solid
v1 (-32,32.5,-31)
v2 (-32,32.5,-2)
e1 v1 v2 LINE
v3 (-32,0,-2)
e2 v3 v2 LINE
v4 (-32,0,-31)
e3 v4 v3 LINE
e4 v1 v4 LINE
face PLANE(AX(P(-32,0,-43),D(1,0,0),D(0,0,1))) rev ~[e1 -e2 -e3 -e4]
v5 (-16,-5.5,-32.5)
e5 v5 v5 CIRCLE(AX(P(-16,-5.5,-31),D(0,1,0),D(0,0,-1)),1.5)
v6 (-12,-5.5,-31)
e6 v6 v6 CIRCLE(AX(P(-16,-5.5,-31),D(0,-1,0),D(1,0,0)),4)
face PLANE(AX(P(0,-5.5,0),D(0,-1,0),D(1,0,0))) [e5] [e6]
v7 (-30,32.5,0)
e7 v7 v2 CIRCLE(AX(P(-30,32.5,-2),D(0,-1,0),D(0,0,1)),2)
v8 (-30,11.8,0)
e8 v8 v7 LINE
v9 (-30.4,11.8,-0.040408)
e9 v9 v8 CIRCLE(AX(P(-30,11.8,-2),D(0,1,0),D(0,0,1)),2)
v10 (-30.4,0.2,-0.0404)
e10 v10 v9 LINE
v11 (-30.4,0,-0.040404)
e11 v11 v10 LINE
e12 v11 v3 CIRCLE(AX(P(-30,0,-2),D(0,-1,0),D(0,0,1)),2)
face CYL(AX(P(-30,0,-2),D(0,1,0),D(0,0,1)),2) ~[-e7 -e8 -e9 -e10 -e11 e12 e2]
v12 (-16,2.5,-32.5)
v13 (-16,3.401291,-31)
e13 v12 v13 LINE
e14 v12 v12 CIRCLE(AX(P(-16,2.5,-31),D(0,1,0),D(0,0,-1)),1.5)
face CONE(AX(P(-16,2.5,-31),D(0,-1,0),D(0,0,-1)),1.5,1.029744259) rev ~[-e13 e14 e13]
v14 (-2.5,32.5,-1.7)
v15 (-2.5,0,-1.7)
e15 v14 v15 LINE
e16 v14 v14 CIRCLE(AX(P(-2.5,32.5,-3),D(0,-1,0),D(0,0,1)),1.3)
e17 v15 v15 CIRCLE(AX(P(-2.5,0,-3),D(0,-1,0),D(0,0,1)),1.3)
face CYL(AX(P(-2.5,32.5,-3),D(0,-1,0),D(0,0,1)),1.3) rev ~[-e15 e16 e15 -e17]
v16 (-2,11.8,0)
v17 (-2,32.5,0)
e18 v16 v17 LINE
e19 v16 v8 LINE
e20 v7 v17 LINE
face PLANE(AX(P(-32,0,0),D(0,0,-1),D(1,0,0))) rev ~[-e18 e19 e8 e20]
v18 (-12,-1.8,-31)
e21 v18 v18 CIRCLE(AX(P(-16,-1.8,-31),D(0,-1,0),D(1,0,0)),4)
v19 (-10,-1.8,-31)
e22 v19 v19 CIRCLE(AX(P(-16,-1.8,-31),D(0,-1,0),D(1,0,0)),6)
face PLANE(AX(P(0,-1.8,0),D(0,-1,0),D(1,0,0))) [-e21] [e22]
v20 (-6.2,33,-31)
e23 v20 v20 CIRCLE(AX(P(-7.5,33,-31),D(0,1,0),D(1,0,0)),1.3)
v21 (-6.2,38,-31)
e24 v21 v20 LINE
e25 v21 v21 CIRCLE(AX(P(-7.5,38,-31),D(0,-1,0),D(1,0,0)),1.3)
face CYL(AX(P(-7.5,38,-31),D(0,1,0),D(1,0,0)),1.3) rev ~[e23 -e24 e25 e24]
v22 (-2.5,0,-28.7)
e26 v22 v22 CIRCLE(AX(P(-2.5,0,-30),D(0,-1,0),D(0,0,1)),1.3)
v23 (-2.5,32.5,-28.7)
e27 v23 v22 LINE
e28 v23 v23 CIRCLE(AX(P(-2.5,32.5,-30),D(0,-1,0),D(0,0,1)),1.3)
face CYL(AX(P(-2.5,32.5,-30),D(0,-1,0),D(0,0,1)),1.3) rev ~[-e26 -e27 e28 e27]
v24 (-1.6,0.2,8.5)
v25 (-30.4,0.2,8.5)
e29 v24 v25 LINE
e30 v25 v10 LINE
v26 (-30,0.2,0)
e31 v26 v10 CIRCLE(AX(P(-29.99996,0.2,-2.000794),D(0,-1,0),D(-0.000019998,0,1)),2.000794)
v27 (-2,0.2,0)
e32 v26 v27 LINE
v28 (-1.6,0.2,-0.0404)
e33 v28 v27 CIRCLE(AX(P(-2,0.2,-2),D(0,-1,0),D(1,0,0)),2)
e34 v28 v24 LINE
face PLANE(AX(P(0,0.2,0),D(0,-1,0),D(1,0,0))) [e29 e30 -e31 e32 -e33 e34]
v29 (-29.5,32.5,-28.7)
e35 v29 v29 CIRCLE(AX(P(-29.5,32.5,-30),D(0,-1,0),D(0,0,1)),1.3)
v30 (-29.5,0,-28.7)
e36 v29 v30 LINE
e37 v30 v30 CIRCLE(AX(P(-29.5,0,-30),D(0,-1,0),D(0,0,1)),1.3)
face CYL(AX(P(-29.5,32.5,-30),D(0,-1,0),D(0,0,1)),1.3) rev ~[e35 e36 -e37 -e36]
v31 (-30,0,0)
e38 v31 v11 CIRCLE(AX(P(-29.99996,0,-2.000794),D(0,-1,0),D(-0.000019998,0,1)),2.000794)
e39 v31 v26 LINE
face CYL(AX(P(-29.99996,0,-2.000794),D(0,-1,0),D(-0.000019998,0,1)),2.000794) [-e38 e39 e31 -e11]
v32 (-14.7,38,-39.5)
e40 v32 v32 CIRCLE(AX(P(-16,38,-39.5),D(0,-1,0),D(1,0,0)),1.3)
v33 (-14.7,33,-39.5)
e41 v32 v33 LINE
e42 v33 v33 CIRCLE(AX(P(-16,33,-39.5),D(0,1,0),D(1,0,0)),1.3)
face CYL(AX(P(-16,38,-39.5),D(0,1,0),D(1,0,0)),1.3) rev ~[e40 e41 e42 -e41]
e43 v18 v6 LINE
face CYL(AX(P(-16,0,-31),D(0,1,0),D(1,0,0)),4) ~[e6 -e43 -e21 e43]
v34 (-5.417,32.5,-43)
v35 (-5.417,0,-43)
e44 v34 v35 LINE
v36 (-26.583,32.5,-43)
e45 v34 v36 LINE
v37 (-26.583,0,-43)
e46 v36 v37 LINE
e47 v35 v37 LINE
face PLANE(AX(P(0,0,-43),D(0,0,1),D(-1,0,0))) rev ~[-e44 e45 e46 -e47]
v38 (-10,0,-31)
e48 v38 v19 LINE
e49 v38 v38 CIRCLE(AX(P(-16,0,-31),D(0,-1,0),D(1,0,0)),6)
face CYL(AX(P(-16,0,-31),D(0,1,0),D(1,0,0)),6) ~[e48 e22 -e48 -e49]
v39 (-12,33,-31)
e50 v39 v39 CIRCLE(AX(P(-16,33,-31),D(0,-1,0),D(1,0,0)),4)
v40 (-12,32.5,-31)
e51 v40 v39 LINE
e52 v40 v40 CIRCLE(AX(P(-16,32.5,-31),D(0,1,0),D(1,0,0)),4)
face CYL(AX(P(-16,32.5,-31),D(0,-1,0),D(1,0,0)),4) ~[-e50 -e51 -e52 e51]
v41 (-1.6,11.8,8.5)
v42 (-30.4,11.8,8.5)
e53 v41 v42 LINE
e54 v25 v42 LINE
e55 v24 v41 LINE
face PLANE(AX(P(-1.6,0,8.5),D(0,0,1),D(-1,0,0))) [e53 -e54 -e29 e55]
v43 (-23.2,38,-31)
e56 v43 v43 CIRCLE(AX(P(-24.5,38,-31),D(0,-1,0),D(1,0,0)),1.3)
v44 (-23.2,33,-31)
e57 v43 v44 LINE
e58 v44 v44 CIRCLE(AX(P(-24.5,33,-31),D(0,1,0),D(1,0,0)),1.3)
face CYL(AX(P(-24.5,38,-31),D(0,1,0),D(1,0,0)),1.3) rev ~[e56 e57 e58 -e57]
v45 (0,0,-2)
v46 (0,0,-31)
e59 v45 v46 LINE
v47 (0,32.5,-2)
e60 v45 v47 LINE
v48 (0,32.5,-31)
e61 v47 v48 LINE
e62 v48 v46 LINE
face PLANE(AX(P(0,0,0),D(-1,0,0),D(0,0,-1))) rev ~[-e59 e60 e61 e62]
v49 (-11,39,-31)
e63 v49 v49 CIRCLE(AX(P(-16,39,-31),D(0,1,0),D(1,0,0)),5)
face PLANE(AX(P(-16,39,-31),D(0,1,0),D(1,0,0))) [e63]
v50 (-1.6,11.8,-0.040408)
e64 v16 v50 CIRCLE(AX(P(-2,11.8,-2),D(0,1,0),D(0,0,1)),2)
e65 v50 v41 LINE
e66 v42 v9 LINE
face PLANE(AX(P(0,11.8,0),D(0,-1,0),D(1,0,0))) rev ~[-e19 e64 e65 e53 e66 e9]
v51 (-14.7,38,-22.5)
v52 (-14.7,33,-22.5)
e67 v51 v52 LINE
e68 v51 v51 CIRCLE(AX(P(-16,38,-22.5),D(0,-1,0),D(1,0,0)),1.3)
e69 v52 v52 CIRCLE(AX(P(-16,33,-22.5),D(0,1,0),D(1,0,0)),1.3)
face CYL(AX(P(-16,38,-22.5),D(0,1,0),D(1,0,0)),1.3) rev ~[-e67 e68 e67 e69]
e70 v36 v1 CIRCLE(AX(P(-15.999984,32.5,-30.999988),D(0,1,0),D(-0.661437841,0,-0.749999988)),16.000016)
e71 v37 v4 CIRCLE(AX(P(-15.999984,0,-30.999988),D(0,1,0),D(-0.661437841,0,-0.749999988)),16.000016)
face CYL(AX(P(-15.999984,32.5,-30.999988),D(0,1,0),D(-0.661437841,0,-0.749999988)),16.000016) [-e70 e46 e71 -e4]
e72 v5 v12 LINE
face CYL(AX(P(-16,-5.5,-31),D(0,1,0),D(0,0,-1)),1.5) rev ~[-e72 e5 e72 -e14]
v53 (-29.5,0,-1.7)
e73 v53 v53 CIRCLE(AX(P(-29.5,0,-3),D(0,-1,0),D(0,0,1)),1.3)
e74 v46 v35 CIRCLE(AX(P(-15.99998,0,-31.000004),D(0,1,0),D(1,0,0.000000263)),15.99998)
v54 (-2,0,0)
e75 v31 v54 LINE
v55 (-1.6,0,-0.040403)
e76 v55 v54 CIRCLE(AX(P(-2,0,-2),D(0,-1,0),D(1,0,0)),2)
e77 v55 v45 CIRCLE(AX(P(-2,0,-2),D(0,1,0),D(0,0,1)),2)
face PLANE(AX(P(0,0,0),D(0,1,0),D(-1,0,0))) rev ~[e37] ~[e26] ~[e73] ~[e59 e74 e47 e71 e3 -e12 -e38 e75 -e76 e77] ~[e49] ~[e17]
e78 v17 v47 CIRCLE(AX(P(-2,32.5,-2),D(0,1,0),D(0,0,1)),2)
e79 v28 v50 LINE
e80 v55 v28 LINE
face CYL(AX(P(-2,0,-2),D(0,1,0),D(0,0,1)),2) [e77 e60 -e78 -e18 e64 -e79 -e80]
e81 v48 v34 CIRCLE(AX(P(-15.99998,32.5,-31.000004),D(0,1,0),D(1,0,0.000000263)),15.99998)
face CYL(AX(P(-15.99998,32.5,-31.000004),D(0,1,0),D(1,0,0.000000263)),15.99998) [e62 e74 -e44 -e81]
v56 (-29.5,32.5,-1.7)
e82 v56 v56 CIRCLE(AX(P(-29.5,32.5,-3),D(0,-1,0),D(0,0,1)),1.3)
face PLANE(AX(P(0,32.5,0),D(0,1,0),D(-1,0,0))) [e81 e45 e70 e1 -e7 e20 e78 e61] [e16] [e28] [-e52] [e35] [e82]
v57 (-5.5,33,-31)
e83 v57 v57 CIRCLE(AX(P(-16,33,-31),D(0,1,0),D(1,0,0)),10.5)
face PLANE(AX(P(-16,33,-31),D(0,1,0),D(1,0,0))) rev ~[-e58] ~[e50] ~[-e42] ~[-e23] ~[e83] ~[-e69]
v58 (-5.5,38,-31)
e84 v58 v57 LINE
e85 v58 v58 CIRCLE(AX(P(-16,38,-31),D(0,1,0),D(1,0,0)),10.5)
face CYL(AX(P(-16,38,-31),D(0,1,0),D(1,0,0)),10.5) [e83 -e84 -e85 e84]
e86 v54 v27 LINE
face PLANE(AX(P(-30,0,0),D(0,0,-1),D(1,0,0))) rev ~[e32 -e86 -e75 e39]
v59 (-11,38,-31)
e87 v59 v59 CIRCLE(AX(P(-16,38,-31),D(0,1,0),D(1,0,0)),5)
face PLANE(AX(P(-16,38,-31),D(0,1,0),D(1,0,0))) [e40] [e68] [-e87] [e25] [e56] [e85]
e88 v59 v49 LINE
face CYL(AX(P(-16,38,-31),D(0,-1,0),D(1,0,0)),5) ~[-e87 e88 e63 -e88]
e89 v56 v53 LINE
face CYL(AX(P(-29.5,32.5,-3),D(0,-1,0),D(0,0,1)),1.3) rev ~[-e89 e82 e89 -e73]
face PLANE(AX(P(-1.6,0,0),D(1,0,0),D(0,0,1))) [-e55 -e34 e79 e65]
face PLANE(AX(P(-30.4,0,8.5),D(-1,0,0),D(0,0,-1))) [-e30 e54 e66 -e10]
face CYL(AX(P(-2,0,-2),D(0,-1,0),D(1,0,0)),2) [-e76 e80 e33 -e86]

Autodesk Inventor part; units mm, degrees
ref_plane "YZ Plane" through (0, 0, 0) normal (1, 0, 0) x (0, 1, 0)
ref_plane "XZ Plane" through (0, 0, 0) normal (0, 1, 0) x (-1, 0, 0)
ref_plane "XY Plane" through (0, 0, 0) normal (0, 0, 1) x (1, 0, 0)
sketch "スケッチ1" plane through (0, 0, 0) normal (0, 1, 0) x (-1, 0, 0)
  line L0 (0, 0) -> (0, -43)
  line L1 (0, -43) -> (32, -43)
  line L2 (32, -43) -> (32, 0)
  line L3 (32, 0) -> (0, 0)
  dimension "d0" = 43
  dimension "d1" = 32
extrude "押し出し1" add sketch "スケッチ1" along normal blind 32.5
fillet "フィレット1" radius 2 2 edges at (-32, 16.25, 0) (0, 16.25, 0)
sketch "スケッチ2" plane through (0, 32.5, 0) normal (0, 1, 0) x (1, 0, 0)
  line L0 (0, 43) -> (-32, 43) projected
  line L1 (-16, 43) -> (-16, 0)
  line L2 (-30, 0) -> (-2, 0) projected
  line L3 (-16, 21.5) -> (-16, 3)
  line L4 (-16, 3) -> (-2.5, 3)
  line L5 (0, 2) -> (0, 43) projected
  line L6 (-16, 3) -> (-29.5, 3)
  line L7 (-29.5, 3) -> (-29.5, 30)
  point P0 (0, 0)
  point P1 (-2.5, 30)
  dimension "d5" = 18.5
  dimension "d6" = 13.5
  dimension "d7" = 13.5
  dimension "d8" = 27
hole "穴1" at (-2.5, 32.5, -3) at (-29.5, 32.5, -3) at (-29.5, 32.5, -30) at (-2.5, 32.5, -30) direction (0, -1, 0) diameter 2.6 end through all
sketch "スケッチ3" plane through (0, 32.5, 0) normal (0, 1, 0) x (1, 0, 0)
  line L0 (0, 43) -> (-32, 43) projected
  line L1 (-16, 43) -> (-16, 0)
  line L2 (-16, 21.5) -> (-16, 31)
  line L3 (-32, 43) -> (-32, 2) projected
  line L4 (-32, 31) -> (-32, 43)
  line L5 (-32, 43) -> (-26.583, 43)
  line L6 (0, 2) -> (0, 43) projected
  line L7 (0, 31) -> (0, 43)
  line L8 (0, 43) -> (-5.417, 43)
  arc A0 (-26.583, 43) -> (-32, 31) centre (-16, 31) ccw
  arc A1 (0, 31) -> (-5.417, 43) centre (-16, 31) ccw
  point P0 (0, 0)
  dimension "d16" = 9.5
extrude "押し出し2" cut sketch "スケッチ3" against normal blind 32.5
sketch "スケッチ4" plane through (0, 32.5, 0) normal (0, 1, 0) x (1, 0, 0)
  arc A0 (-26.583, 43) -> (-32, 31) centre (-16, 31) ccw projected
  circle A1 centre (-16, 31) radius 4
  point P0 (0, 0)
  dimension "d20" = 8
extrude "押し出し3" add sketch "スケッチ4" along normal blind 5
sketch "スケッチ5" plane through (0, 0, 0) normal (0, -1, 0) x (1, 0, 0)
  circle A0 centre (-16, -31) radius 4 projected
  circle A1 centre (-16, -31) radius 4
  point P0 (0, 0)
extrude "押し出し4" add sketch "スケッチ5" along normal blind 5.5
sketch "スケッチ6" plane through (0, 0, 0) normal (0, -1, 0) x (1, 0, 0)
  line L0 (-30, 0) -> (-2, 0) projected
  line L1 (-16, 0) -> (-1.6, 0)
  line L2 (-1.6, 0) -> (-1.6, 8.5)
  line L3 (-1.6, 0) -> (6.9, 0) construction
  line L4 (-1.6, 8.5) -> (-30.4, 8.5)
  line L5 (-30.4, 8.5) -> (-30.4, -0.1236)
  line L6 (-30.4, -0.1236) -> (-1.6, -0.1236)
  line L7 (-1.6, -0.1236) -> (-1.6, 0)
  point P0 (0, 0)
  dimension "d25" = 14.4
  dimension "d26" = 8.5
  dimension "d27" = 90
  dimension "d28" = 28.8
extrude "押し出し5" add sketch "スケッチ6" against normal blind 11.8
sketch "スケッチ7" plane through (0, 0, 0) normal (0, -1, 0) x (1, 0, 0)
  arc A0 (0, -2) -> (-2, 0) centre (-2, -2) ccw projected
  arc A1 (-1.6, -0.0404) -> (-2, 0) centre (-2, -2) ccw
  arc A2 (-30.4, -0.0404) -> (-32, -2) centre (-30, -2) ccw projected
  arc A3 (-30, 0) -> (-30.4, -0.0404) centre (-30, -2) ccw
  line L0 (-1.6, -0.0404) -> (-1.6, 8.5)
  line L1 (-1.6, 8.5) -> (-30.4, 8.5)
  line L2 (-30.4, 8.5) -> (-1.6, 8.5) projected
  line L3 (-30.4, 8.5) -> (-30.4, -0.0404)
  line L4 (-30, 0) -> (-2, 0)
  arc A4 (-30, 0) -> (-30.4, -0.0404) centre (-30, -2) ccw projected
  point P0 (0, 0)
extrude "押し出し6" cut sketch "スケッチ7" against normal blind 0.2
thread "ねじ1" size "M2.6x0.45" class "6H" standard "ANSI Metric M Profile" full length
thread "ねじ2" size "M2.6x0.45" class "6H" standard "ANSI Metric M Profile" full length
thread "ねじ3" size "M2.6x0.45" class "6H" standard "ANSI Metric M Profile" full length
thread "ねじ4" size "M2.6x0.45" class "6H" standard "ANSI Metric M Profile" full length
sketch "スケッチ12" plane through (-16, 38, -31) normal (0, 1, 0) x (1, 0, 0)
  circle A0 centre (0, 0) radius 10.5
  point P0 (16, -31)
  dimension "d66" = 21
extrude "押し出し9" add sketch "スケッチ12" against normal blind 5
sketch "スケッチ13" plane through (-16, 38, -31) normal (0, 1, 0) x (1, 0, 0)
  circle A0 centre (0, 0) radius 5
  point P0 (16, -31)
  dimension "d69" = 10
extrude "押し出し10" add sketch "スケッチ13" along normal blind 1
sketch "スケッチ14" plane through (-16, 38, -31) normal (0, 1, 0) x (1, 0, 0)
  circle A0 centre (0, 0) radius 8.5
  circle A1 centre (0, 8.5) radius 1.3
  circle A2 centre (-8.5, 0) radius 1.3
  circle A3 centre (8.5, 0) radius 1.3
  circle A4 centre (0, -8.5) radius 1.3
  point P0 (16, -31)
  dimension "d72" = 17
  dimension "d73" = 2.6
  dimension "d74" = 2.6
  dimension "d75" = 2.6
  dimension "d76" = 2.6
extrude "押し出し11" cut sketch "スケッチ14" against normal blind 5 contours A0 A3 | A0 A3 | A1 A0 | A0 A1 | A4 A0 | A0 A4 | A2 A0 | A0 A2
thread "ねじ9" size "M2.6x0.45" class "6H" standard "ANSI Metric M Profile" full length
thread "ねじ10" size "M2.6x0.45" class "6H" standard "ANSI Metric M Profile" full length
thread "ねじ11" size "M2.6x0.45" class "6H" standard "ANSI Metric M Profile" full length
thread "ねじ12" size "M2.6x0.45" class "6H" standard "ANSI Metric M Profile" full length
sketch "スケッチ15" plane through (0, 0, 0) normal (0, -1, 0) x (1, 0, 0)
  circle A0 centre (-16, -31) radius 4 projected
  circle A1 centre (-16, -31) radius 6
  point P0 (0, 0)
  dimension "d87" = 12
extrude "押し出し12" add sketch "スケッチ15" along normal blind 1.8
sketch "スケッチ16" plane through (-16, -5.5, -31) normal (0, -1, 0) x (1, 0, 0)
  point P0 (16, 31)
  point P1 (0, 0)
hole "穴3" at (-16, -5.5, -31) direction (0, 1, 0) diameter 3 depth 8 tip angle 118
thread "ねじ13" size "M3x0.5" class "6H" standard "ANSI Metric M Profile" full length
properties part number "B3M1040" material "アルミニウム 2014-T4"
